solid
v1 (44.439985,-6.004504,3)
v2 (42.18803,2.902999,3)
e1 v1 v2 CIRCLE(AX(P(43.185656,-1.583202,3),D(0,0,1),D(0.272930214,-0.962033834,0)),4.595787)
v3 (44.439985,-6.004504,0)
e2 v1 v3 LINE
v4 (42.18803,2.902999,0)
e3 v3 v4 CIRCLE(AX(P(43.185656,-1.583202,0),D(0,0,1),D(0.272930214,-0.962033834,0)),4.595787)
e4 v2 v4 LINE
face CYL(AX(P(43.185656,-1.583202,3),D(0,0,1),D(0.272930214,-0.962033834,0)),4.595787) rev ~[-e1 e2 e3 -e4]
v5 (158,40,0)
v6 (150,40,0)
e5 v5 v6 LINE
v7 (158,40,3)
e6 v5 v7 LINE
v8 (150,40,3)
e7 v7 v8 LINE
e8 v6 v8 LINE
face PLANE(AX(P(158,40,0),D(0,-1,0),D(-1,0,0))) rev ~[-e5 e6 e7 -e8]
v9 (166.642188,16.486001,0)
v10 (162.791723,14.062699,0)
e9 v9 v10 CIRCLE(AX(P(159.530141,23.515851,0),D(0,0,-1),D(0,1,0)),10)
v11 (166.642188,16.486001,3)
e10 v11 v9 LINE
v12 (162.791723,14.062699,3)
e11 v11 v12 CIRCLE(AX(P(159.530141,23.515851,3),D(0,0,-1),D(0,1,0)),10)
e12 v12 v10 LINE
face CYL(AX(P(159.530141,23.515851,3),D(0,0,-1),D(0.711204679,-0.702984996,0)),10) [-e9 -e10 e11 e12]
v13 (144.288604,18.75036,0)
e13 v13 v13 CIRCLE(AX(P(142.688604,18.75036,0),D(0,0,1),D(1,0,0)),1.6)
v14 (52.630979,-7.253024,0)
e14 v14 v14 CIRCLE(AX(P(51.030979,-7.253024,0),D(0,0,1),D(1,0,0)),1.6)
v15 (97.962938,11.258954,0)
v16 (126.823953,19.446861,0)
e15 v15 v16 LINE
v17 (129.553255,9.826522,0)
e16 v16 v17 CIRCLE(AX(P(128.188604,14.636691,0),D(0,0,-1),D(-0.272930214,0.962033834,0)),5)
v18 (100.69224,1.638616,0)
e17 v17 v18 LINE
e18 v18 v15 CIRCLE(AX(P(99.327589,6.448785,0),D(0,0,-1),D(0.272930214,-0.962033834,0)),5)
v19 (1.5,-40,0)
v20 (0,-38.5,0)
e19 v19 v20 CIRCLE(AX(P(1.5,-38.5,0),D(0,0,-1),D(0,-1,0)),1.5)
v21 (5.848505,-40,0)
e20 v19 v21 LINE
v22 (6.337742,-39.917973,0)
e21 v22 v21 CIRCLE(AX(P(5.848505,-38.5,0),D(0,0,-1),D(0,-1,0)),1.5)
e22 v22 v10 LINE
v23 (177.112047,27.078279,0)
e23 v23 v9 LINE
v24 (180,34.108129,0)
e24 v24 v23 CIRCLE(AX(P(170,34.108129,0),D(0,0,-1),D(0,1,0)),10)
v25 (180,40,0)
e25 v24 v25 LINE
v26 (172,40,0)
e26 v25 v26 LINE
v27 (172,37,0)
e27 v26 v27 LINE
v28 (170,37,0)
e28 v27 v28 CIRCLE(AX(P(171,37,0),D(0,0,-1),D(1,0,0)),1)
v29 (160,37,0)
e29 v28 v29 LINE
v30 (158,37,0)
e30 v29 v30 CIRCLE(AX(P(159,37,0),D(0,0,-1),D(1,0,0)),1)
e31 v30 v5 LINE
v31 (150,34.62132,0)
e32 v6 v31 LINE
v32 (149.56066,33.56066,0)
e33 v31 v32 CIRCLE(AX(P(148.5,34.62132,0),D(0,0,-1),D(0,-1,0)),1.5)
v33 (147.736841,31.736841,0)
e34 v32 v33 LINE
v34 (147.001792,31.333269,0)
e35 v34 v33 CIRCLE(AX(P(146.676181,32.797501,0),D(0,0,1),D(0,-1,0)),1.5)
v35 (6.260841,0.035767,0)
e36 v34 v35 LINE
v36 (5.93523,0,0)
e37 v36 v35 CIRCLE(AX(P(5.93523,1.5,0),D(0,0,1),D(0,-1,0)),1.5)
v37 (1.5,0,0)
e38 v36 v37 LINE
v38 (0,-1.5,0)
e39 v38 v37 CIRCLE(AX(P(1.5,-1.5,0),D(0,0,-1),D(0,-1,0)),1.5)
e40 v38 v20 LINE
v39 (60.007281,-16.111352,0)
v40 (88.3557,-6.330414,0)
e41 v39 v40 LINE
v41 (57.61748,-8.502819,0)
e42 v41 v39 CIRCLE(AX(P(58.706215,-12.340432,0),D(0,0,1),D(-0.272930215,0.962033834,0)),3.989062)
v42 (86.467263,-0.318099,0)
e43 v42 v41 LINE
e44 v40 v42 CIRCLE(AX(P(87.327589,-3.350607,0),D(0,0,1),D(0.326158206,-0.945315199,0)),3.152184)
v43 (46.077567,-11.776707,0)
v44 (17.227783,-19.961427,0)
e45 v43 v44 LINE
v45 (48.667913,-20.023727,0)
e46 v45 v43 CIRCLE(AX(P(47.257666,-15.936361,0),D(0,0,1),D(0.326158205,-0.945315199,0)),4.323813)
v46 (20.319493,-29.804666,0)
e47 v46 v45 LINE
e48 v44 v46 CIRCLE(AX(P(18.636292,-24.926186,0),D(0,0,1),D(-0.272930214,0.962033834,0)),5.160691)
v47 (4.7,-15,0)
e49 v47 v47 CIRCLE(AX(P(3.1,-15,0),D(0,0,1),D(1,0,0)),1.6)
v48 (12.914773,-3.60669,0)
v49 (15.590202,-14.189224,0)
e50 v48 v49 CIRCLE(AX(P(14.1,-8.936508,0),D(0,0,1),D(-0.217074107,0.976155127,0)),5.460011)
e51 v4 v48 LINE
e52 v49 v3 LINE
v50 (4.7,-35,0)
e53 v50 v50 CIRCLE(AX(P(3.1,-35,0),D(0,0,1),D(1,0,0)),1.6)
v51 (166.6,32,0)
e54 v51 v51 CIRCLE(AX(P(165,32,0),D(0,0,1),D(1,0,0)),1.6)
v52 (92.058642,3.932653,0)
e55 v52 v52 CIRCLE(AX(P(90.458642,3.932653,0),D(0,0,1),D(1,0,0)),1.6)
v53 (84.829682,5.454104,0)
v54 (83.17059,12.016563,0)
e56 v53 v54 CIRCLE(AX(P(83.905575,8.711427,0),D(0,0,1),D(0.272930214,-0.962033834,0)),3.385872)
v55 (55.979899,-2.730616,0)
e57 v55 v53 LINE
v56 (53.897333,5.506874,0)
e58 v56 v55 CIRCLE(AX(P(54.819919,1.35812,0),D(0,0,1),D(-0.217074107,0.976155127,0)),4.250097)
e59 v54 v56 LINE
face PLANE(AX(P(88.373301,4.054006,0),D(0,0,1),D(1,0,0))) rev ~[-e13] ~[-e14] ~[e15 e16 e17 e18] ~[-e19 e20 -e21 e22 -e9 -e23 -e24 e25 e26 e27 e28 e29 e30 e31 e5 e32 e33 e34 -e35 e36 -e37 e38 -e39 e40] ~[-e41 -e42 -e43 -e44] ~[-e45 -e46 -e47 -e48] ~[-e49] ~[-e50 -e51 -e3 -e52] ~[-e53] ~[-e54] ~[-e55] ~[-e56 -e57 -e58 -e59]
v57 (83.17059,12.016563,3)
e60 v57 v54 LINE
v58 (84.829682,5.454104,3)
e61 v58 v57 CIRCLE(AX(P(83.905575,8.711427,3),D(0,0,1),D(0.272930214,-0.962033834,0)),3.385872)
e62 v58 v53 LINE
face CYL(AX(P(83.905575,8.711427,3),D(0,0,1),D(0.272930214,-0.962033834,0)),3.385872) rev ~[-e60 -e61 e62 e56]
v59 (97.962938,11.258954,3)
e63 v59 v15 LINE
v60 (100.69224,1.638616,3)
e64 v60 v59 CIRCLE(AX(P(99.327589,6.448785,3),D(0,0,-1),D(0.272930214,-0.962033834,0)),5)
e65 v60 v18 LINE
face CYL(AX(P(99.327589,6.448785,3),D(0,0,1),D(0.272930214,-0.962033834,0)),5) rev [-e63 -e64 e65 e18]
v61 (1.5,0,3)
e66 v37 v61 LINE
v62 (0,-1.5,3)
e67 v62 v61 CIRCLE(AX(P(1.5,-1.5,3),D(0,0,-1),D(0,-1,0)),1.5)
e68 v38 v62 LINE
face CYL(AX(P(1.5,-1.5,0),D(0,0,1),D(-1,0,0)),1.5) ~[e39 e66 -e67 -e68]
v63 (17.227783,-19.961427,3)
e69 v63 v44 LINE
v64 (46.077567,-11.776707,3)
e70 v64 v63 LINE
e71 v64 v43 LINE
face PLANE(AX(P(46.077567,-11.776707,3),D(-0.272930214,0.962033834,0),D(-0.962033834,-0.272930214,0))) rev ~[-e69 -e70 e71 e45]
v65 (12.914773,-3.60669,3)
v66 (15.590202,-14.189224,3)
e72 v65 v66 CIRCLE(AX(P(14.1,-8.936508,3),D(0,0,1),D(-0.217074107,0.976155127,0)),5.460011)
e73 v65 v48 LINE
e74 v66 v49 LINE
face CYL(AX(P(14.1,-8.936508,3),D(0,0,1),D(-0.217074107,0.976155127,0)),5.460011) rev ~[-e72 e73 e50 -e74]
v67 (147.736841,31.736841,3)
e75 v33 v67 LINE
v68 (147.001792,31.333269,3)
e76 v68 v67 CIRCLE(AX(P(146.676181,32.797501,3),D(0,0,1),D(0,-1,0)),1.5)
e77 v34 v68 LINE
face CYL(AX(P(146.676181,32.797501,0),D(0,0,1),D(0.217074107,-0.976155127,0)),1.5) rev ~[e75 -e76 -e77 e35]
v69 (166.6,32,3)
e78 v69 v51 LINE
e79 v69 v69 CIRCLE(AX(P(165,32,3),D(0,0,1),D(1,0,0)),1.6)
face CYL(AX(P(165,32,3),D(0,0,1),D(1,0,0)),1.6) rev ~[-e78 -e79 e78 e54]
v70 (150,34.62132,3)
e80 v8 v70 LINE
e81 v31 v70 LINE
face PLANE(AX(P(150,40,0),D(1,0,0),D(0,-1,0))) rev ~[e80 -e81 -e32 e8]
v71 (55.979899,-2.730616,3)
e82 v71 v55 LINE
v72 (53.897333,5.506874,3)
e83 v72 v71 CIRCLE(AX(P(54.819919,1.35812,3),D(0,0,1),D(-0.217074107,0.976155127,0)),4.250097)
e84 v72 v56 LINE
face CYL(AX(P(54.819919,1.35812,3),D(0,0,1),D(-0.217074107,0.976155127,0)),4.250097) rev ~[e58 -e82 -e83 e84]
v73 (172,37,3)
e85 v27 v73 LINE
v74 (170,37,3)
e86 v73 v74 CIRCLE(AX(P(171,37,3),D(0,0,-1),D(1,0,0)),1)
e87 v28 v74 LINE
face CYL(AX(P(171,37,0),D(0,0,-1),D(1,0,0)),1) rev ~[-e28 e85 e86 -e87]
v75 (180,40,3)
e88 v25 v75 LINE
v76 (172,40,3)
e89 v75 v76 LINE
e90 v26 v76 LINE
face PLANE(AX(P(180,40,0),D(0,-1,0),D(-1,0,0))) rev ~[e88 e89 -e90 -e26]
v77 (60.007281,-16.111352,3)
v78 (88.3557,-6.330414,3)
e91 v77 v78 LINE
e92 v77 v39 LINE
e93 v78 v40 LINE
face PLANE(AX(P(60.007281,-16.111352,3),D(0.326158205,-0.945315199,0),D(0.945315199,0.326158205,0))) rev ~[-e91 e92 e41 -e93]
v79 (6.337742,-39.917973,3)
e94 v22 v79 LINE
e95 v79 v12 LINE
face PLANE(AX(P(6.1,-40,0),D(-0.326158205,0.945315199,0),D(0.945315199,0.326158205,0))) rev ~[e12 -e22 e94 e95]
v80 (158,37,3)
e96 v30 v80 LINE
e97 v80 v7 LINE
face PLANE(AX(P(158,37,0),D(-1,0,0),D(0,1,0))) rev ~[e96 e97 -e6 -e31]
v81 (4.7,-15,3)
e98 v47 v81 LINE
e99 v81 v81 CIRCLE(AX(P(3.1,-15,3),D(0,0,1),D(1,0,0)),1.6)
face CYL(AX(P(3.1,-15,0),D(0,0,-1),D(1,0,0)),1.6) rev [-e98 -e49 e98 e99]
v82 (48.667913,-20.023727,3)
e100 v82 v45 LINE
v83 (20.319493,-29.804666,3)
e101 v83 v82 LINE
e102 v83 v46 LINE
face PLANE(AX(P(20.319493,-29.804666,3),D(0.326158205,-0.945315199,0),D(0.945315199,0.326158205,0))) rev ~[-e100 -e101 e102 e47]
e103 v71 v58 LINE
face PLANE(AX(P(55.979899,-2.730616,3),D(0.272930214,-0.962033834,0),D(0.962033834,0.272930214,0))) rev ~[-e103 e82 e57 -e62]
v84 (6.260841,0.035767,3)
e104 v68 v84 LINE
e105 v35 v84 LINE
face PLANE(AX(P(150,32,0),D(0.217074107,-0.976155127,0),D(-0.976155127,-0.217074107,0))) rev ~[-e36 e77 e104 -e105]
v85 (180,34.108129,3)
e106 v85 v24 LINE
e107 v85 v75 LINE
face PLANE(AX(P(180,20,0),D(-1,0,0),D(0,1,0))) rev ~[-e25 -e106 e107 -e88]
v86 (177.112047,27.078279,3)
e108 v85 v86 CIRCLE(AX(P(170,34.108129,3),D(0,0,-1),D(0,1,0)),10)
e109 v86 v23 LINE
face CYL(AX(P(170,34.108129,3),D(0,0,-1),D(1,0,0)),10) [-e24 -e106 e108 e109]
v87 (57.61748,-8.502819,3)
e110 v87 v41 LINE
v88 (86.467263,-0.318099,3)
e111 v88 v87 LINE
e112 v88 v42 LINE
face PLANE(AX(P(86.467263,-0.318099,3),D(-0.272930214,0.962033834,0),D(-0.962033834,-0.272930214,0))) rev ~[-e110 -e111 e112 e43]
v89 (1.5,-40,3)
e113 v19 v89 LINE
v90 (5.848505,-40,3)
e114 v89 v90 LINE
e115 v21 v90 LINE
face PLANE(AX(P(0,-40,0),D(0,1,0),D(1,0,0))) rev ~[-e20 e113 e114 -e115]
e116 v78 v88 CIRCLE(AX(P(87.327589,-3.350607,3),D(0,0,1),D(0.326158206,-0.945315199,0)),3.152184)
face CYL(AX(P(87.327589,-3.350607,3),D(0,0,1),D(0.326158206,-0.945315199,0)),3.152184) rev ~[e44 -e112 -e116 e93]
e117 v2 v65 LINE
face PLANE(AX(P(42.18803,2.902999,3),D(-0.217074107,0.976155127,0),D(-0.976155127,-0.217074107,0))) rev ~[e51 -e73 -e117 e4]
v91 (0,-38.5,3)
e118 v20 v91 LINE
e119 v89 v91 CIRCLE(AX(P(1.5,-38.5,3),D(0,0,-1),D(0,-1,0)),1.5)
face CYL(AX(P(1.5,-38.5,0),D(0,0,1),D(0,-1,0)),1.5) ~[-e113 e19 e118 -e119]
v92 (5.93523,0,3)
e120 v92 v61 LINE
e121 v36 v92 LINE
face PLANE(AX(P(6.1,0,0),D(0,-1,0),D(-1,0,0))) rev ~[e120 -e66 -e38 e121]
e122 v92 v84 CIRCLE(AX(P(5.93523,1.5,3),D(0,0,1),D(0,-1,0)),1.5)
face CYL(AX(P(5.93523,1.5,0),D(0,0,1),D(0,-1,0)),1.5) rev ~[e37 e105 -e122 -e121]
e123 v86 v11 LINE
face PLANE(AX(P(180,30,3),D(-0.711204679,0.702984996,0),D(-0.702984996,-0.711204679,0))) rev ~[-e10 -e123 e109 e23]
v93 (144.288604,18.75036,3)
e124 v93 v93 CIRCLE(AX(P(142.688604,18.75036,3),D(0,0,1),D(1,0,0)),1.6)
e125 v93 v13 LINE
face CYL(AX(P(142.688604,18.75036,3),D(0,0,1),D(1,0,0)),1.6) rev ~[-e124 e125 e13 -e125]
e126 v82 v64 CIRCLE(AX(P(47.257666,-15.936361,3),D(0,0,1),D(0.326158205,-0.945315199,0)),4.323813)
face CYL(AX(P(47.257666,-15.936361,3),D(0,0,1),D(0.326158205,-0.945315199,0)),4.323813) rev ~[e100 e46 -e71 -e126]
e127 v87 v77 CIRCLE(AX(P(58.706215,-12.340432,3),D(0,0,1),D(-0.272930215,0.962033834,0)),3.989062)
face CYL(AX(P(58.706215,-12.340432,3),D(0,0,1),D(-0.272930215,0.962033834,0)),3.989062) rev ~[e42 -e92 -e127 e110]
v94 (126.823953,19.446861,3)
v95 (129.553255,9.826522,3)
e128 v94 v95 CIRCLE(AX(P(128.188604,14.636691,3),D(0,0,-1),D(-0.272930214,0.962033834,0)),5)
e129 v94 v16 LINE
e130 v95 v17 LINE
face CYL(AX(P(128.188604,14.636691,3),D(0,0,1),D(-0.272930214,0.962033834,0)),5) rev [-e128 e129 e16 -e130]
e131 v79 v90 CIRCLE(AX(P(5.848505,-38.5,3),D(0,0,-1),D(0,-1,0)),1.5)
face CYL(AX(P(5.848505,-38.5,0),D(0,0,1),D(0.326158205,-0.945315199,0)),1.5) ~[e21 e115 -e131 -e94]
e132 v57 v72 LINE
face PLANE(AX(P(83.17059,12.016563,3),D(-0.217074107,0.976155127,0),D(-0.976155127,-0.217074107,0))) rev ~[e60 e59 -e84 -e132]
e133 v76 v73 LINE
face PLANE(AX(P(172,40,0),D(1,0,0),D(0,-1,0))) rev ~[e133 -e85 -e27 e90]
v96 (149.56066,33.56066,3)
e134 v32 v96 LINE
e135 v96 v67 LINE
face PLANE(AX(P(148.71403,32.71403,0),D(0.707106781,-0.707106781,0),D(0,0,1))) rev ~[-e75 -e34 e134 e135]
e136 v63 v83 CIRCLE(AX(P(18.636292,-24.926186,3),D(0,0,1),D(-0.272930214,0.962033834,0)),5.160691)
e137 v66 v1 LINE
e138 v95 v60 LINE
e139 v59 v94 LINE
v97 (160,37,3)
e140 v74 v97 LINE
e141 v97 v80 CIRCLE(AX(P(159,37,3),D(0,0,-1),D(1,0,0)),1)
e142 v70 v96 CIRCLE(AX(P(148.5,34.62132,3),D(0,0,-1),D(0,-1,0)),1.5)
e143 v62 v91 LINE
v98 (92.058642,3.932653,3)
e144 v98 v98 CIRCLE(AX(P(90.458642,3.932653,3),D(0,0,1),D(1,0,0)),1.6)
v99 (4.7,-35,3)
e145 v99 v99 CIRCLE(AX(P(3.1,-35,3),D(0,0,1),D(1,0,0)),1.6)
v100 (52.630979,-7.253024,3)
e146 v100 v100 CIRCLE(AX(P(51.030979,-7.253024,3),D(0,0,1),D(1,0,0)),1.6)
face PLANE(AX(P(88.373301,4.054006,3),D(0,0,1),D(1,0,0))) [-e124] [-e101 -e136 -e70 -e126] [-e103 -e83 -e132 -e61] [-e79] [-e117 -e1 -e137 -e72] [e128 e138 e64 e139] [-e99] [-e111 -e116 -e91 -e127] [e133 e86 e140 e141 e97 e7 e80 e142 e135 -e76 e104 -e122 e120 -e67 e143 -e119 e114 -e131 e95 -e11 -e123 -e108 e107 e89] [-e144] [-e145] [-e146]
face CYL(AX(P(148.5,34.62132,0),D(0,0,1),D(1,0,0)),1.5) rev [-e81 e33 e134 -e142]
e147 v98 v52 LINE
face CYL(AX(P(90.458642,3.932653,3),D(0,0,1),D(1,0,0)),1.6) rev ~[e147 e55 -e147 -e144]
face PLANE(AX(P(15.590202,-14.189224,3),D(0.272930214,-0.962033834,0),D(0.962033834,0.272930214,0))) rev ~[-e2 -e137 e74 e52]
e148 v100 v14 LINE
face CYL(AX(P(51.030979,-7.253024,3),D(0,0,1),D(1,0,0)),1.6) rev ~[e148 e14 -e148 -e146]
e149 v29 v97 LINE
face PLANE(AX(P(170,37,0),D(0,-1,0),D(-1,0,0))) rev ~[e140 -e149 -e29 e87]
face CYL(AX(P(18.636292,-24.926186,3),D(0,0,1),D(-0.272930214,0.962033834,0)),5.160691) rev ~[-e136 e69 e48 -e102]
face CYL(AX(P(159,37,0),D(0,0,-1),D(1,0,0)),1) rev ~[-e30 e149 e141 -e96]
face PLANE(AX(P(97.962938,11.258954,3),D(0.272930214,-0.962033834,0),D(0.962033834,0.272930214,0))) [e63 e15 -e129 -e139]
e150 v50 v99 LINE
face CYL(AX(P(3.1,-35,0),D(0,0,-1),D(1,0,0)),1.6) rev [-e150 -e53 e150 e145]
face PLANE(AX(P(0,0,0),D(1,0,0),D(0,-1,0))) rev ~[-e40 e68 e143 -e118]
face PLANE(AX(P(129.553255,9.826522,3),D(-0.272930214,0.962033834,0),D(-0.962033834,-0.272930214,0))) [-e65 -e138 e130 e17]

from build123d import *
from OCP.BRepFilletAPI import BRepFilletAPI_MakeChamfer

# Parameters (mm, degrees)
SKETCH_1_R          = 1.6
EXTRUDE_1_DEPTH     = 3
SKETCH_2_R          = 1.6
CUT_EXTRUDE_1_DEPTH = 3
CHAMFER_1_SIZE      = 2
CHAMFER_1_SIZE2     = 3.230198514
CHAMFER_1_SIZE2_2   = 2.634764865
SKETCH_3_R          = 1.6
CUT_EXTRUDE_2_DEPTH = 3
CUT_EXTRUDE_3_DEPTH = 3
FILLET_1_R          = 10
FILLET_2_R          = 1.5


with BuildPart() as part:
    # 草图1 → 凸台-拉伸1 (new body)
    with BuildSketch(Plane.XY):
        with BuildLine():
            Line((150, 32), (6.1, 0))
            Line((6.1, 0), (0, 0))
            Line((0, 0), (0, -40))
            Line((0, -40), (6.1, -40))
            Line((6.1, -40), (180, 20))
            Line((180, 20), (180, 40))
            Line((180, 40), (172, 40))
            Line((172, 40), (172, 37))
            ThreePointArc((172, 37), (171, 36), (170, 37))
            Line((170, 37), (160, 37))
            ThreePointArc((160, 37), (159, 36), (158, 37))
            Line((158, 37), (158, 40))
            Line((158, 40), (150, 40))
            Line((150, 40), (150, 32))
        make_face()
        with Locations((3.1, -35)):
            Circle(SKETCH_1_R, mode=Mode.SUBTRACT)
        with Locations((3.1, -15)):
            Circle(SKETCH_1_R, mode=Mode.SUBTRACT)
    extrude(amount=EXTRUDE_1_DEPTH)

    # 草图2 → 切除-拉伸1 (cut)
    with BuildSketch(Plane.XY.offset(3)):
        with Locations((165, 32)):
            Circle(SKETCH_2_R)
    extrude(amount=-CUT_EXTRUDE_1_DEPTH, mode=Mode.SUBTRACT)

    # 倒角1: one chamfer whose edges measure the first distance from different faces: ONE call of the kernel's chamfer builder (chamfer() names one face for all edges)
    chamfer_1_edges_1 = [part.edges().sort_by_distance(p)[0] for p in [
        (180, 20, 1.5),
    ]]
    chamfer_1_side_1 = [part.faces().sort_by_distance(p)[0] for p in [
        (93.05, -10, 1.5),
    ]]
    chamfer_1_edges_2 = [part.edges().sort_by_distance(p)[0] for p in [
        (150, 32, 1.5),
    ]]
    chamfer_1_side_2 = [part.faces().sort_by_distance(p)[0] for p in [
        (150, 36, 1.5),
    ]]
    chamfer_1 = BRepFilletAPI_MakeChamfer(part.part.solid().wrapped)
    for e in chamfer_1_edges_1:
        chamfer_1.Add(CHAMFER_1_SIZE, CHAMFER_1_SIZE2, e.wrapped, chamfer_1_side_1[0].wrapped)  # the first distance lies on this face
    for e in chamfer_1_edges_2:
        chamfer_1.Add(CHAMFER_1_SIZE, CHAMFER_1_SIZE2_2, e.wrapped, chamfer_1_side_2[0].wrapped)  # the first distance lies on this face
    add(Compound.cast(chamfer_1.Shape()), mode=Mode.REPLACE)

    # 草图3 → 切除-拉伸2 (cut)
    with BuildSketch(Plane.XY.offset(3)):
        with Locations((51.030979005, -7.253024477)):
            Circle(SKETCH_3_R)
        with Locations((90.458641741, 3.932653266)):
            Circle(SKETCH_3_R)
        with Locations((142.688604417, 18.75035968)):
            Circle(SKETCH_3_R)
        with BuildLine():
            Line((20.319493435, -29.80466571), (48.667912828, -20.023727449))
            ThreePointArc((48.667912828, -20.023727449), (51.382781252, -14.640684155), (46.077566644, -11.776707266))
            Line((46.077566644, -11.776707266), (17.22778338, -19.961427236))
            ThreePointArc((17.22778338, -19.961427236), (13.712756492, -26.472643184), (20.319493435, -29.80466571))
        make_face()
        with BuildLine():
            Line((97.96293832, 11.258954093), (126.823953345, 19.446860527))
            ThreePointArc((126.823953345, 19.446860527), (132.998773588, 16.001342428), (129.553255489, 9.826522185))
            Line((129.553255489, 9.826522185), (100.692240465, 1.638615751))
            ThreePointArc((100.692240465, 1.638615751), (94.517420222, 5.08413385), (97.96293832, 11.258954093))
        make_face()
        with BuildLine():
            Line((60.007280586, -16.111352144), (88.355699979, -6.330413883))
            ThreePointArc((88.355699979, -6.330413883), (90.334917033, -2.406020717), (86.467263213, -0.318099309))
            Line((86.467263213, -0.318099309), (57.617479949, -8.502819279))
            ThreePointArc((57.617479949, -8.502819279), (54.900467894, -13.53579706), (60.007280586, -16.111352144))
        make_face()
        with BuildLine():
            Line((15.590202093, -14.189224231), (44.439985357, -6.004504261))
            ThreePointArc((44.439985357, -6.004504261), (47.641256823, -0.456756962), (42.188030072, 2.902998549))
            Line((42.188030072, 2.902998549), (12.91477289, -3.60669033))
            ThreePointArc((12.91477289, -3.60669033), (8.806536259, -10.274778475), (15.590202093, -14.189224231))
        make_face()
        with BuildLine():
            Line((55.979898663, -2.730616274), (84.829681926, 5.454103696))
            ThreePointArc((84.829681926, 5.454103696), (87.188167139, 9.5413172), (83.170590126, 12.016562981))
            Line((83.170590126, 12.016562981), (53.897332945, 5.506874101))
            ThreePointArc((53.897332945, 5.506874101), (50.699463699, 0.316405313), (55.979898663, -2.730616274))
        make_face()
    extrude(amount=-CUT_EXTRUDE_2_DEPTH, mode=Mode.SUBTRACT)

    # 草图4 → 切除-拉伸3 (cut)
    with BuildSketch(Plane.XY.offset(3)):
        Polygon((180, 30), (165, 14.824611846), (178.109369602, 19.347683589), (180, 23.230198514), align=None)
    extrude(amount=-CUT_EXTRUDE_3_DEPTH, mode=Mode.SUBTRACT)

    # 圆角1
    fillet_1_edges = [part.edges().sort_by_distance(p)[0] for p in [
        (180, 30, 1.5),
        (165, 14.824611846, 1.5),
    ]]
    fillet(fillet_1_edges, radius=FILLET_1_R)

    # 圆角2
    fillet_2_edges = [part.edges().sort_by_distance(p)[0] for p in [
        (6.1, -40, 1.5),
        (0, -40, 1.5),
        (0, 0, 1.5),
        (6.1, 0, 1.5),
        (147.428060769, 31.428060769, 1.5),
        (150, 34, 1.5),
    ]]
    fillet(fillet_2_edges, radius=FILLET_2_R)


solid = part.part
